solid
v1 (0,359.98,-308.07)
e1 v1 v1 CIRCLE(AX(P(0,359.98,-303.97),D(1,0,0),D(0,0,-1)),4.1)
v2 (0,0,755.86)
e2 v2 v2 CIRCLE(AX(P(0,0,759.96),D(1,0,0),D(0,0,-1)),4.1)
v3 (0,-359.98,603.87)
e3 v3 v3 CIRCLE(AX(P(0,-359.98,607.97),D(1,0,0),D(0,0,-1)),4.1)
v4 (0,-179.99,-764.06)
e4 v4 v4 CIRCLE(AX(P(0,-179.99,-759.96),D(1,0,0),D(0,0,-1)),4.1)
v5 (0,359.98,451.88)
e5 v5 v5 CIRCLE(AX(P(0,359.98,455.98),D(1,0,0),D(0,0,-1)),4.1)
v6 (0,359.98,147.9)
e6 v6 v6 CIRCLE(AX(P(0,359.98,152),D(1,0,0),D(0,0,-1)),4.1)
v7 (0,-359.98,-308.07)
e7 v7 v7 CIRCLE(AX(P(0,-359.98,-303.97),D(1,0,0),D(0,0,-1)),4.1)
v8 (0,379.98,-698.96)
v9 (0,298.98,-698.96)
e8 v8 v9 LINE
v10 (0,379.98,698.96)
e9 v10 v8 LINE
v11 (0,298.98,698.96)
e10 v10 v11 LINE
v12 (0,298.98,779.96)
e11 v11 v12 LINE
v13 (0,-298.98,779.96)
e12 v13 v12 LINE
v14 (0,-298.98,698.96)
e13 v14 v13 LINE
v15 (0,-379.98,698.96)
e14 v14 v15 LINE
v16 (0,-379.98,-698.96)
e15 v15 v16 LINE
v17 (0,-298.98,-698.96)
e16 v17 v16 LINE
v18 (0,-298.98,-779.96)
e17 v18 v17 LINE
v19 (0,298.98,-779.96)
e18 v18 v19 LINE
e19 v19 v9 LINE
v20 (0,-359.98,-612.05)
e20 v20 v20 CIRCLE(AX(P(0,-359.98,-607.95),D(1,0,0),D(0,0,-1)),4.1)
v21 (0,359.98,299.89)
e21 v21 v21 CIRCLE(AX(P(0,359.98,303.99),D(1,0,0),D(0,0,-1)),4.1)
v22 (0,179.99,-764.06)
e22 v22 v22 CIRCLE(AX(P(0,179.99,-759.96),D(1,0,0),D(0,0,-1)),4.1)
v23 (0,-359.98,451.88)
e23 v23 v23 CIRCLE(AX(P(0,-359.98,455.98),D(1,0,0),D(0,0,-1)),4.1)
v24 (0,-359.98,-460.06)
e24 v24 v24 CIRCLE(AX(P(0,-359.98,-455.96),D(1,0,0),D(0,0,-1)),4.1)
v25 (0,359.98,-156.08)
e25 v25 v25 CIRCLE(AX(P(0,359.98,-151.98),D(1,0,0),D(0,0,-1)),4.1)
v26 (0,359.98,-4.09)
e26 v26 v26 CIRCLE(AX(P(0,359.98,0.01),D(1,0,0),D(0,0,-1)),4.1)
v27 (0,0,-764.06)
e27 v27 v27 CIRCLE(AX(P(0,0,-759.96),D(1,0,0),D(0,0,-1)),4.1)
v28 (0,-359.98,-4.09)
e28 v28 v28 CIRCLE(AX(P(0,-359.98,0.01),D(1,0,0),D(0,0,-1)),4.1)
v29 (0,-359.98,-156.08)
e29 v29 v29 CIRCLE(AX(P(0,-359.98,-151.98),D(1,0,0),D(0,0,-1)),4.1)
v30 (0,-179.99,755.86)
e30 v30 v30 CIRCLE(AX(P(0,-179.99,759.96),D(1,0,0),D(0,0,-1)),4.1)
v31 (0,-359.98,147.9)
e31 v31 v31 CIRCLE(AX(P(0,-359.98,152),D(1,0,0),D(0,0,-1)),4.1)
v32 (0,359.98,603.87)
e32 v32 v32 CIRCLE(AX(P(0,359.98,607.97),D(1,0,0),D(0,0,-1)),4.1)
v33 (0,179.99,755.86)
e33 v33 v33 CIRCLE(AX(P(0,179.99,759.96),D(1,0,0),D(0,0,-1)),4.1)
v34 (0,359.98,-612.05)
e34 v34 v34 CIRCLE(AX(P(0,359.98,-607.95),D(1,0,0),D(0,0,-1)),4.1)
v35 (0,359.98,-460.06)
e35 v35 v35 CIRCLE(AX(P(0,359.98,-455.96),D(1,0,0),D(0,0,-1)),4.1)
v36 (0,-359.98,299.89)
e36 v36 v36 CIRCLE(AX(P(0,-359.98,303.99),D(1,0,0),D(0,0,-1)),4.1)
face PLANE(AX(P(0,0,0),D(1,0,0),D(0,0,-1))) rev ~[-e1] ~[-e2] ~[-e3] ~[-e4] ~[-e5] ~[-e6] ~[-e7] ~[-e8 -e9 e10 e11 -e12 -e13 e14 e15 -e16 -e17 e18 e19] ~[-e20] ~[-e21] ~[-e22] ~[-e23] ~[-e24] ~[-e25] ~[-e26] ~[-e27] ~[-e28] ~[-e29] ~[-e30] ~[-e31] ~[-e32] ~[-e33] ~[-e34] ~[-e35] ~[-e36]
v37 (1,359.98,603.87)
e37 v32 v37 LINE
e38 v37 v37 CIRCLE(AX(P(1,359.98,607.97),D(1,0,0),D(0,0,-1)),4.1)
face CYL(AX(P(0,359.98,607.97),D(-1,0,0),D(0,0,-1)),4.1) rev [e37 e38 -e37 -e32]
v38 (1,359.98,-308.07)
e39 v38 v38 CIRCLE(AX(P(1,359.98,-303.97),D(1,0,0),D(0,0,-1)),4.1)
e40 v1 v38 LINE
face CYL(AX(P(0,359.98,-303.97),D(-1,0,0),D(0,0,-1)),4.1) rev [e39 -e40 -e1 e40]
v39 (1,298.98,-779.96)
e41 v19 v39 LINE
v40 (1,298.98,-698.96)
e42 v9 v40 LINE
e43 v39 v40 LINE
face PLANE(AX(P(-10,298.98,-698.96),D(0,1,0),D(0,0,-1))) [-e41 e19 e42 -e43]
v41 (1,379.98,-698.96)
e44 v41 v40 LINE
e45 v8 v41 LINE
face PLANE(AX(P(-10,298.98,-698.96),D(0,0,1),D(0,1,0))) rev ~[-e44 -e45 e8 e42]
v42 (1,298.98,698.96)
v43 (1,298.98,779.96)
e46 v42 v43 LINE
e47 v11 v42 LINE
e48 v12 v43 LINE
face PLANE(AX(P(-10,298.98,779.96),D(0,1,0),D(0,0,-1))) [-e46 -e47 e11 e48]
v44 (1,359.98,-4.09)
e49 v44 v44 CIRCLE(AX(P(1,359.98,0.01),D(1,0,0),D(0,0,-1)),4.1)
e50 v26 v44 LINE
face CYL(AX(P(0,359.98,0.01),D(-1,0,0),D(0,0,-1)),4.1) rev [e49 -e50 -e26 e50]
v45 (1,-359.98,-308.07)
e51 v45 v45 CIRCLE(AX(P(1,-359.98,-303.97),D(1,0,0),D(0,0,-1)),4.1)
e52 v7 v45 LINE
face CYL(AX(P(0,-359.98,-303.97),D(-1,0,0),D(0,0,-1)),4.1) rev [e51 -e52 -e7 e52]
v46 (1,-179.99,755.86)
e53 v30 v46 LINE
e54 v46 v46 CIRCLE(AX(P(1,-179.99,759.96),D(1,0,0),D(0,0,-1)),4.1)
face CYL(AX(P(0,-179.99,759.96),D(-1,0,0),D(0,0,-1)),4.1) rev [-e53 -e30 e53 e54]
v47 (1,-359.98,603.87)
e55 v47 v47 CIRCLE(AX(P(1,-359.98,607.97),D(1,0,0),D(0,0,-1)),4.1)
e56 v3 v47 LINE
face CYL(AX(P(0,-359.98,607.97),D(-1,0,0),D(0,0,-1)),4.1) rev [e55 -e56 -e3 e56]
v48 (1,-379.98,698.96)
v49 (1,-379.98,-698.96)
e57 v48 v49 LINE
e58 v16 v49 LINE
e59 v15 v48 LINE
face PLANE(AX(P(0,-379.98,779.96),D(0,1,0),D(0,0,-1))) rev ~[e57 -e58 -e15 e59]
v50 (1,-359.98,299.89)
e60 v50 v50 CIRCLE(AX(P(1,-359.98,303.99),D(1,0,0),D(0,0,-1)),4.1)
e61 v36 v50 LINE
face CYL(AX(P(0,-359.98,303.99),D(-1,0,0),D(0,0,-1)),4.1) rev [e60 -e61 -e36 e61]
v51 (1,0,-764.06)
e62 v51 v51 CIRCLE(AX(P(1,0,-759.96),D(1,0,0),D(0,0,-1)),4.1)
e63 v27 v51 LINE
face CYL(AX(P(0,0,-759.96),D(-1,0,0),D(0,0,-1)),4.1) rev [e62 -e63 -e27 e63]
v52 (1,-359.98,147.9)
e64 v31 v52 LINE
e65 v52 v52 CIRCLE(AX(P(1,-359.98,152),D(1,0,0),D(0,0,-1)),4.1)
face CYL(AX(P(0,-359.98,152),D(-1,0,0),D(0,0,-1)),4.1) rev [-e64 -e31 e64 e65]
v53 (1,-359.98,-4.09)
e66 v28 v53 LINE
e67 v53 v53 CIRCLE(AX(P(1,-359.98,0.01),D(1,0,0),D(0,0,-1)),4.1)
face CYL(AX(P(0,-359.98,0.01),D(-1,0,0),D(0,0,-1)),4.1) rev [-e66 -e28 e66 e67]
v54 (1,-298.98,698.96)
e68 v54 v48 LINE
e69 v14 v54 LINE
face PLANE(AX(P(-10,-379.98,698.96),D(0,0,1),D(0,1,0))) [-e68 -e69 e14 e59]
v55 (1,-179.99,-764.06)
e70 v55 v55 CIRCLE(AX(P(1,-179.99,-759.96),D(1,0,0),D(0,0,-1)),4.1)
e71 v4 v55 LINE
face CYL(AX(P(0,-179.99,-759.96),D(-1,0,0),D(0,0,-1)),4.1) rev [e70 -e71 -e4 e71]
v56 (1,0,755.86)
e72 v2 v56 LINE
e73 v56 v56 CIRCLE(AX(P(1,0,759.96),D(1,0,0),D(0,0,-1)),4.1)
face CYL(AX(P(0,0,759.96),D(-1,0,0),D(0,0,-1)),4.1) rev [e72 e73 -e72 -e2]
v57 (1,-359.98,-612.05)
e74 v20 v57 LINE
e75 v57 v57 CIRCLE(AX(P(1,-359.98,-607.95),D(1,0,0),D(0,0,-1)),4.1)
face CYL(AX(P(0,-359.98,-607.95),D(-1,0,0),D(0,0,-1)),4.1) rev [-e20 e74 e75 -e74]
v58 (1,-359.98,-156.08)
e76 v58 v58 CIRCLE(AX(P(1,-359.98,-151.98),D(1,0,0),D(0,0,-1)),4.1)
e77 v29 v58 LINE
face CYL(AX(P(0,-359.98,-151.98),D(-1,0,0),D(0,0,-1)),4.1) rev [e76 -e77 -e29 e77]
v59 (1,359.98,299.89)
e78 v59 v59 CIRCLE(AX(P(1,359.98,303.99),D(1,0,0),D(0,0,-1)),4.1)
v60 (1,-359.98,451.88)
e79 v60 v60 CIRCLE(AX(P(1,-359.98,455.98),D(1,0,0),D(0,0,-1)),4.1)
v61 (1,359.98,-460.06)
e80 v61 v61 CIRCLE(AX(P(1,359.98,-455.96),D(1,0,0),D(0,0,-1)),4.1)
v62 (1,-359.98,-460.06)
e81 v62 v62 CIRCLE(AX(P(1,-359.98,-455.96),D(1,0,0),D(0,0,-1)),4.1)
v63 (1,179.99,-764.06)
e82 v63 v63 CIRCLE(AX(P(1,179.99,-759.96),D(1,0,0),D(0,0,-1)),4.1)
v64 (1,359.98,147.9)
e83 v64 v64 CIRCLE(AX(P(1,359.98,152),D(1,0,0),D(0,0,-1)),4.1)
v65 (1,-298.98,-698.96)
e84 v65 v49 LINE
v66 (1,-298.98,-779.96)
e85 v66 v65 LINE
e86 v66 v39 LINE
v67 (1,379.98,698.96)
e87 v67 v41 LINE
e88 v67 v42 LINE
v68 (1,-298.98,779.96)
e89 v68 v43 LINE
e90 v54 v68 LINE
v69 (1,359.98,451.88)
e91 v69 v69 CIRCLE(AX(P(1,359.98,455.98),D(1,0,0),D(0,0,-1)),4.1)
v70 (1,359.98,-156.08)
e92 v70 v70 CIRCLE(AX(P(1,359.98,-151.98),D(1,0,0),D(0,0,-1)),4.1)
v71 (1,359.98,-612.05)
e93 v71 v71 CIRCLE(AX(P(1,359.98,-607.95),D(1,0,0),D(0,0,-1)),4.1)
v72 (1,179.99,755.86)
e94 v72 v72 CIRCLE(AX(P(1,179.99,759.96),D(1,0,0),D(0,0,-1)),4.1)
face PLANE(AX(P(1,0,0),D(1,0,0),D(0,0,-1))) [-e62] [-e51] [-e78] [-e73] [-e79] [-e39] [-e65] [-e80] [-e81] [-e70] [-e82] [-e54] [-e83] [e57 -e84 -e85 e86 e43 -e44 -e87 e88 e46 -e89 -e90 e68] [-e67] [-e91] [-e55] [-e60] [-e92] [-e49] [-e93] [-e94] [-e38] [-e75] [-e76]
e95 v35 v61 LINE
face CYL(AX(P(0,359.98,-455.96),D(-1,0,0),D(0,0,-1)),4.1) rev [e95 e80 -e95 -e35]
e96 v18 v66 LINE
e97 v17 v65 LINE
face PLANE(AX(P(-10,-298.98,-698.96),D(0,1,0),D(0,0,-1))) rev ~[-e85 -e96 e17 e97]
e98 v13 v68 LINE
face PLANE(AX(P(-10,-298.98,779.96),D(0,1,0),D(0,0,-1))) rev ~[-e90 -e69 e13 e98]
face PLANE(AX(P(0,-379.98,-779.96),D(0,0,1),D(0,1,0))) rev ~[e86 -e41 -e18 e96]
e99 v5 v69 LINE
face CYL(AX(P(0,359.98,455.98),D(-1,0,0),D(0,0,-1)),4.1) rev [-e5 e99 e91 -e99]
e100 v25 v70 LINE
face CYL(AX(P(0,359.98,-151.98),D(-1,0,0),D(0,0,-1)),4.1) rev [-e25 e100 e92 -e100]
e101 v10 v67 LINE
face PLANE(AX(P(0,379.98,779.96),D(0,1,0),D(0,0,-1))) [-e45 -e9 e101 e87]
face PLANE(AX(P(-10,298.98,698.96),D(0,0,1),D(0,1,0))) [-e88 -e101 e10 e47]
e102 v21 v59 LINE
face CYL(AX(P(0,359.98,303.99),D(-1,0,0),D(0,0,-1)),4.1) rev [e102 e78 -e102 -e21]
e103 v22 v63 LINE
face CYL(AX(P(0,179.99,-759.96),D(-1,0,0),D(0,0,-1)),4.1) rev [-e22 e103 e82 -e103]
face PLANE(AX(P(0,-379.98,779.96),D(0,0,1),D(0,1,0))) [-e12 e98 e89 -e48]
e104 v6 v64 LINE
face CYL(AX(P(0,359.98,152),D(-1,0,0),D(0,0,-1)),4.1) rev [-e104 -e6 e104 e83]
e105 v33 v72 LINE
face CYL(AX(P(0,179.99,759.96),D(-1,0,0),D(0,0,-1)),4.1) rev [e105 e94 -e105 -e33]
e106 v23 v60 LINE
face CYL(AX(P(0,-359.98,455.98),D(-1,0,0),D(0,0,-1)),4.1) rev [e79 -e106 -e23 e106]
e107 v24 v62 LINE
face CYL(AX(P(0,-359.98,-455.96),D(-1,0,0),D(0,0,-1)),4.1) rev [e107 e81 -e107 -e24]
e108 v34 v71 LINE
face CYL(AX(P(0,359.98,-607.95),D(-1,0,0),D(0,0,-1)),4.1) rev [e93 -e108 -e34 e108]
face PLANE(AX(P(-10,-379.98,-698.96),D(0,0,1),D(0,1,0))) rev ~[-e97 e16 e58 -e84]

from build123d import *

# Parameters (mm, degrees)
SKETCH1_W               = 1559.92
SKETCH1_H               = 759.96
SKETCH1_R               = 4.1
BOSS_EXTRUDE1_DEPTH     = 1
CUT_EXTRUDE1_DEPTH      = 10
CUT_EXTRUDE1_DEPTH_BACK = 10
SKETCH2_W               = 81
SKETCH2_H               = 81


with BuildPart() as part:
    # Sketch1 → Boss-Extrude1 (new body)
    with BuildSketch(Plane(origin=(0, 0, 0), x_dir=(0, 0, -1), z_dir=(1, 0, 0))):
        Rectangle(SKETCH1_W, SKETCH1_H)
        with Locations((-759.96, 359.98)):
            Circle(SKETCH1_R, mode=Mode.SUBTRACT)
        with Locations((-759.96, -359.98)):
            Circle(SKETCH1_R, mode=Mode.SUBTRACT)
        with Locations((-607.97, 359.98)):
            Circle(SKETCH1_R, mode=Mode.SUBTRACT)
        with Locations((-607.97, -359.98)):
            Circle(SKETCH1_R, mode=Mode.SUBTRACT)
        with Locations((-455.98, 359.98)):
            Circle(SKETCH1_R, mode=Mode.SUBTRACT)
        with Locations((-455.98, -359.98)):
            Circle(SKETCH1_R, mode=Mode.SUBTRACT)
        with Locations((-303.99, 359.98)):
            Circle(SKETCH1_R, mode=Mode.SUBTRACT)
        with Locations((-303.99, -359.98)):
            Circle(SKETCH1_R, mode=Mode.SUBTRACT)
        with Locations((-152, 359.98)):
            Circle(SKETCH1_R, mode=Mode.SUBTRACT)
        with Locations((-152, -359.98)):
            Circle(SKETCH1_R, mode=Mode.SUBTRACT)
        with Locations((-0.01, 359.98)):
            Circle(SKETCH1_R, mode=Mode.SUBTRACT)
        with Locations((-0.01, -359.98)):
            Circle(SKETCH1_R, mode=Mode.SUBTRACT)
        with Locations((151.98, 359.98)):
            Circle(SKETCH1_R, mode=Mode.SUBTRACT)
        with Locations((151.98, -359.98)):
            Circle(SKETCH1_R, mode=Mode.SUBTRACT)
        with Locations((303.97, 359.98)):
            Circle(SKETCH1_R, mode=Mode.SUBTRACT)
        with Locations((303.97, -359.98)):
            Circle(SKETCH1_R, mode=Mode.SUBTRACT)
        with Locations((455.96, 359.98)):
            Circle(SKETCH1_R, mode=Mode.SUBTRACT)
        with Locations((455.96, -359.98)):
            Circle(SKETCH1_R, mode=Mode.SUBTRACT)
        with Locations((607.95, 359.98)):
            Circle(SKETCH1_R, mode=Mode.SUBTRACT)
        with Locations((607.95, -359.98)):
            Circle(SKETCH1_R, mode=Mode.SUBTRACT)
        with Locations((759.94, 359.98)):
            Circle(SKETCH1_R, mode=Mode.SUBTRACT)
        with Locations((759.94, -359.98)):
            Circle(SKETCH1_R, mode=Mode.SUBTRACT)
        with Locations((-759.96, 179.990000139)):
            Circle(SKETCH1_R, mode=Mode.SUBTRACT)
        with Locations((-759.96, 0)):
            Circle(SKETCH1_R, mode=Mode.SUBTRACT)
        with Locations((-759.96, -179.990000139)):
            Circle(SKETCH1_R, mode=Mode.SUBTRACT)
        with Locations((759.96, 0)):
            Circle(SKETCH1_R, mode=Mode.SUBTRACT)
        with Locations((759.96, 179.990000139)):
            Circle(SKETCH1_R, mode=Mode.SUBTRACT)
        with Locations((759.96, -179.990000139)):
            Circle(SKETCH1_R, mode=Mode.SUBTRACT)
    extrude(amount=BOSS_EXTRUDE1_DEPTH)

    # Sketch2 → Cut-Extrude1 (cut, two sides: drawn at the far end of the back side and taken through both)
    with BuildSketch(Plane(origin=(0, 0, 0), x_dir=(0, 0, -1), z_dir=(1, 0, 0)).offset(-CUT_EXTRUDE1_DEPTH_BACK)):
        with Locations((-739.46, 339.48)):
            Rectangle(SKETCH2_W, SKETCH2_H)
        with Locations((-739.46, -339.48)):
            Rectangle(SKETCH2_W, SKETCH2_H)
        with Locations((739.46, -339.48)):
            Rectangle(SKETCH2_W, SKETCH2_H)
        with Locations((739.46, 339.48)):
            Rectangle(SKETCH2_W, SKETCH2_H)
    extrude(amount=CUT_EXTRUDE1_DEPTH + CUT_EXTRUDE1_DEPTH_BACK, mode=Mode.SUBTRACT)


solid = part.part
